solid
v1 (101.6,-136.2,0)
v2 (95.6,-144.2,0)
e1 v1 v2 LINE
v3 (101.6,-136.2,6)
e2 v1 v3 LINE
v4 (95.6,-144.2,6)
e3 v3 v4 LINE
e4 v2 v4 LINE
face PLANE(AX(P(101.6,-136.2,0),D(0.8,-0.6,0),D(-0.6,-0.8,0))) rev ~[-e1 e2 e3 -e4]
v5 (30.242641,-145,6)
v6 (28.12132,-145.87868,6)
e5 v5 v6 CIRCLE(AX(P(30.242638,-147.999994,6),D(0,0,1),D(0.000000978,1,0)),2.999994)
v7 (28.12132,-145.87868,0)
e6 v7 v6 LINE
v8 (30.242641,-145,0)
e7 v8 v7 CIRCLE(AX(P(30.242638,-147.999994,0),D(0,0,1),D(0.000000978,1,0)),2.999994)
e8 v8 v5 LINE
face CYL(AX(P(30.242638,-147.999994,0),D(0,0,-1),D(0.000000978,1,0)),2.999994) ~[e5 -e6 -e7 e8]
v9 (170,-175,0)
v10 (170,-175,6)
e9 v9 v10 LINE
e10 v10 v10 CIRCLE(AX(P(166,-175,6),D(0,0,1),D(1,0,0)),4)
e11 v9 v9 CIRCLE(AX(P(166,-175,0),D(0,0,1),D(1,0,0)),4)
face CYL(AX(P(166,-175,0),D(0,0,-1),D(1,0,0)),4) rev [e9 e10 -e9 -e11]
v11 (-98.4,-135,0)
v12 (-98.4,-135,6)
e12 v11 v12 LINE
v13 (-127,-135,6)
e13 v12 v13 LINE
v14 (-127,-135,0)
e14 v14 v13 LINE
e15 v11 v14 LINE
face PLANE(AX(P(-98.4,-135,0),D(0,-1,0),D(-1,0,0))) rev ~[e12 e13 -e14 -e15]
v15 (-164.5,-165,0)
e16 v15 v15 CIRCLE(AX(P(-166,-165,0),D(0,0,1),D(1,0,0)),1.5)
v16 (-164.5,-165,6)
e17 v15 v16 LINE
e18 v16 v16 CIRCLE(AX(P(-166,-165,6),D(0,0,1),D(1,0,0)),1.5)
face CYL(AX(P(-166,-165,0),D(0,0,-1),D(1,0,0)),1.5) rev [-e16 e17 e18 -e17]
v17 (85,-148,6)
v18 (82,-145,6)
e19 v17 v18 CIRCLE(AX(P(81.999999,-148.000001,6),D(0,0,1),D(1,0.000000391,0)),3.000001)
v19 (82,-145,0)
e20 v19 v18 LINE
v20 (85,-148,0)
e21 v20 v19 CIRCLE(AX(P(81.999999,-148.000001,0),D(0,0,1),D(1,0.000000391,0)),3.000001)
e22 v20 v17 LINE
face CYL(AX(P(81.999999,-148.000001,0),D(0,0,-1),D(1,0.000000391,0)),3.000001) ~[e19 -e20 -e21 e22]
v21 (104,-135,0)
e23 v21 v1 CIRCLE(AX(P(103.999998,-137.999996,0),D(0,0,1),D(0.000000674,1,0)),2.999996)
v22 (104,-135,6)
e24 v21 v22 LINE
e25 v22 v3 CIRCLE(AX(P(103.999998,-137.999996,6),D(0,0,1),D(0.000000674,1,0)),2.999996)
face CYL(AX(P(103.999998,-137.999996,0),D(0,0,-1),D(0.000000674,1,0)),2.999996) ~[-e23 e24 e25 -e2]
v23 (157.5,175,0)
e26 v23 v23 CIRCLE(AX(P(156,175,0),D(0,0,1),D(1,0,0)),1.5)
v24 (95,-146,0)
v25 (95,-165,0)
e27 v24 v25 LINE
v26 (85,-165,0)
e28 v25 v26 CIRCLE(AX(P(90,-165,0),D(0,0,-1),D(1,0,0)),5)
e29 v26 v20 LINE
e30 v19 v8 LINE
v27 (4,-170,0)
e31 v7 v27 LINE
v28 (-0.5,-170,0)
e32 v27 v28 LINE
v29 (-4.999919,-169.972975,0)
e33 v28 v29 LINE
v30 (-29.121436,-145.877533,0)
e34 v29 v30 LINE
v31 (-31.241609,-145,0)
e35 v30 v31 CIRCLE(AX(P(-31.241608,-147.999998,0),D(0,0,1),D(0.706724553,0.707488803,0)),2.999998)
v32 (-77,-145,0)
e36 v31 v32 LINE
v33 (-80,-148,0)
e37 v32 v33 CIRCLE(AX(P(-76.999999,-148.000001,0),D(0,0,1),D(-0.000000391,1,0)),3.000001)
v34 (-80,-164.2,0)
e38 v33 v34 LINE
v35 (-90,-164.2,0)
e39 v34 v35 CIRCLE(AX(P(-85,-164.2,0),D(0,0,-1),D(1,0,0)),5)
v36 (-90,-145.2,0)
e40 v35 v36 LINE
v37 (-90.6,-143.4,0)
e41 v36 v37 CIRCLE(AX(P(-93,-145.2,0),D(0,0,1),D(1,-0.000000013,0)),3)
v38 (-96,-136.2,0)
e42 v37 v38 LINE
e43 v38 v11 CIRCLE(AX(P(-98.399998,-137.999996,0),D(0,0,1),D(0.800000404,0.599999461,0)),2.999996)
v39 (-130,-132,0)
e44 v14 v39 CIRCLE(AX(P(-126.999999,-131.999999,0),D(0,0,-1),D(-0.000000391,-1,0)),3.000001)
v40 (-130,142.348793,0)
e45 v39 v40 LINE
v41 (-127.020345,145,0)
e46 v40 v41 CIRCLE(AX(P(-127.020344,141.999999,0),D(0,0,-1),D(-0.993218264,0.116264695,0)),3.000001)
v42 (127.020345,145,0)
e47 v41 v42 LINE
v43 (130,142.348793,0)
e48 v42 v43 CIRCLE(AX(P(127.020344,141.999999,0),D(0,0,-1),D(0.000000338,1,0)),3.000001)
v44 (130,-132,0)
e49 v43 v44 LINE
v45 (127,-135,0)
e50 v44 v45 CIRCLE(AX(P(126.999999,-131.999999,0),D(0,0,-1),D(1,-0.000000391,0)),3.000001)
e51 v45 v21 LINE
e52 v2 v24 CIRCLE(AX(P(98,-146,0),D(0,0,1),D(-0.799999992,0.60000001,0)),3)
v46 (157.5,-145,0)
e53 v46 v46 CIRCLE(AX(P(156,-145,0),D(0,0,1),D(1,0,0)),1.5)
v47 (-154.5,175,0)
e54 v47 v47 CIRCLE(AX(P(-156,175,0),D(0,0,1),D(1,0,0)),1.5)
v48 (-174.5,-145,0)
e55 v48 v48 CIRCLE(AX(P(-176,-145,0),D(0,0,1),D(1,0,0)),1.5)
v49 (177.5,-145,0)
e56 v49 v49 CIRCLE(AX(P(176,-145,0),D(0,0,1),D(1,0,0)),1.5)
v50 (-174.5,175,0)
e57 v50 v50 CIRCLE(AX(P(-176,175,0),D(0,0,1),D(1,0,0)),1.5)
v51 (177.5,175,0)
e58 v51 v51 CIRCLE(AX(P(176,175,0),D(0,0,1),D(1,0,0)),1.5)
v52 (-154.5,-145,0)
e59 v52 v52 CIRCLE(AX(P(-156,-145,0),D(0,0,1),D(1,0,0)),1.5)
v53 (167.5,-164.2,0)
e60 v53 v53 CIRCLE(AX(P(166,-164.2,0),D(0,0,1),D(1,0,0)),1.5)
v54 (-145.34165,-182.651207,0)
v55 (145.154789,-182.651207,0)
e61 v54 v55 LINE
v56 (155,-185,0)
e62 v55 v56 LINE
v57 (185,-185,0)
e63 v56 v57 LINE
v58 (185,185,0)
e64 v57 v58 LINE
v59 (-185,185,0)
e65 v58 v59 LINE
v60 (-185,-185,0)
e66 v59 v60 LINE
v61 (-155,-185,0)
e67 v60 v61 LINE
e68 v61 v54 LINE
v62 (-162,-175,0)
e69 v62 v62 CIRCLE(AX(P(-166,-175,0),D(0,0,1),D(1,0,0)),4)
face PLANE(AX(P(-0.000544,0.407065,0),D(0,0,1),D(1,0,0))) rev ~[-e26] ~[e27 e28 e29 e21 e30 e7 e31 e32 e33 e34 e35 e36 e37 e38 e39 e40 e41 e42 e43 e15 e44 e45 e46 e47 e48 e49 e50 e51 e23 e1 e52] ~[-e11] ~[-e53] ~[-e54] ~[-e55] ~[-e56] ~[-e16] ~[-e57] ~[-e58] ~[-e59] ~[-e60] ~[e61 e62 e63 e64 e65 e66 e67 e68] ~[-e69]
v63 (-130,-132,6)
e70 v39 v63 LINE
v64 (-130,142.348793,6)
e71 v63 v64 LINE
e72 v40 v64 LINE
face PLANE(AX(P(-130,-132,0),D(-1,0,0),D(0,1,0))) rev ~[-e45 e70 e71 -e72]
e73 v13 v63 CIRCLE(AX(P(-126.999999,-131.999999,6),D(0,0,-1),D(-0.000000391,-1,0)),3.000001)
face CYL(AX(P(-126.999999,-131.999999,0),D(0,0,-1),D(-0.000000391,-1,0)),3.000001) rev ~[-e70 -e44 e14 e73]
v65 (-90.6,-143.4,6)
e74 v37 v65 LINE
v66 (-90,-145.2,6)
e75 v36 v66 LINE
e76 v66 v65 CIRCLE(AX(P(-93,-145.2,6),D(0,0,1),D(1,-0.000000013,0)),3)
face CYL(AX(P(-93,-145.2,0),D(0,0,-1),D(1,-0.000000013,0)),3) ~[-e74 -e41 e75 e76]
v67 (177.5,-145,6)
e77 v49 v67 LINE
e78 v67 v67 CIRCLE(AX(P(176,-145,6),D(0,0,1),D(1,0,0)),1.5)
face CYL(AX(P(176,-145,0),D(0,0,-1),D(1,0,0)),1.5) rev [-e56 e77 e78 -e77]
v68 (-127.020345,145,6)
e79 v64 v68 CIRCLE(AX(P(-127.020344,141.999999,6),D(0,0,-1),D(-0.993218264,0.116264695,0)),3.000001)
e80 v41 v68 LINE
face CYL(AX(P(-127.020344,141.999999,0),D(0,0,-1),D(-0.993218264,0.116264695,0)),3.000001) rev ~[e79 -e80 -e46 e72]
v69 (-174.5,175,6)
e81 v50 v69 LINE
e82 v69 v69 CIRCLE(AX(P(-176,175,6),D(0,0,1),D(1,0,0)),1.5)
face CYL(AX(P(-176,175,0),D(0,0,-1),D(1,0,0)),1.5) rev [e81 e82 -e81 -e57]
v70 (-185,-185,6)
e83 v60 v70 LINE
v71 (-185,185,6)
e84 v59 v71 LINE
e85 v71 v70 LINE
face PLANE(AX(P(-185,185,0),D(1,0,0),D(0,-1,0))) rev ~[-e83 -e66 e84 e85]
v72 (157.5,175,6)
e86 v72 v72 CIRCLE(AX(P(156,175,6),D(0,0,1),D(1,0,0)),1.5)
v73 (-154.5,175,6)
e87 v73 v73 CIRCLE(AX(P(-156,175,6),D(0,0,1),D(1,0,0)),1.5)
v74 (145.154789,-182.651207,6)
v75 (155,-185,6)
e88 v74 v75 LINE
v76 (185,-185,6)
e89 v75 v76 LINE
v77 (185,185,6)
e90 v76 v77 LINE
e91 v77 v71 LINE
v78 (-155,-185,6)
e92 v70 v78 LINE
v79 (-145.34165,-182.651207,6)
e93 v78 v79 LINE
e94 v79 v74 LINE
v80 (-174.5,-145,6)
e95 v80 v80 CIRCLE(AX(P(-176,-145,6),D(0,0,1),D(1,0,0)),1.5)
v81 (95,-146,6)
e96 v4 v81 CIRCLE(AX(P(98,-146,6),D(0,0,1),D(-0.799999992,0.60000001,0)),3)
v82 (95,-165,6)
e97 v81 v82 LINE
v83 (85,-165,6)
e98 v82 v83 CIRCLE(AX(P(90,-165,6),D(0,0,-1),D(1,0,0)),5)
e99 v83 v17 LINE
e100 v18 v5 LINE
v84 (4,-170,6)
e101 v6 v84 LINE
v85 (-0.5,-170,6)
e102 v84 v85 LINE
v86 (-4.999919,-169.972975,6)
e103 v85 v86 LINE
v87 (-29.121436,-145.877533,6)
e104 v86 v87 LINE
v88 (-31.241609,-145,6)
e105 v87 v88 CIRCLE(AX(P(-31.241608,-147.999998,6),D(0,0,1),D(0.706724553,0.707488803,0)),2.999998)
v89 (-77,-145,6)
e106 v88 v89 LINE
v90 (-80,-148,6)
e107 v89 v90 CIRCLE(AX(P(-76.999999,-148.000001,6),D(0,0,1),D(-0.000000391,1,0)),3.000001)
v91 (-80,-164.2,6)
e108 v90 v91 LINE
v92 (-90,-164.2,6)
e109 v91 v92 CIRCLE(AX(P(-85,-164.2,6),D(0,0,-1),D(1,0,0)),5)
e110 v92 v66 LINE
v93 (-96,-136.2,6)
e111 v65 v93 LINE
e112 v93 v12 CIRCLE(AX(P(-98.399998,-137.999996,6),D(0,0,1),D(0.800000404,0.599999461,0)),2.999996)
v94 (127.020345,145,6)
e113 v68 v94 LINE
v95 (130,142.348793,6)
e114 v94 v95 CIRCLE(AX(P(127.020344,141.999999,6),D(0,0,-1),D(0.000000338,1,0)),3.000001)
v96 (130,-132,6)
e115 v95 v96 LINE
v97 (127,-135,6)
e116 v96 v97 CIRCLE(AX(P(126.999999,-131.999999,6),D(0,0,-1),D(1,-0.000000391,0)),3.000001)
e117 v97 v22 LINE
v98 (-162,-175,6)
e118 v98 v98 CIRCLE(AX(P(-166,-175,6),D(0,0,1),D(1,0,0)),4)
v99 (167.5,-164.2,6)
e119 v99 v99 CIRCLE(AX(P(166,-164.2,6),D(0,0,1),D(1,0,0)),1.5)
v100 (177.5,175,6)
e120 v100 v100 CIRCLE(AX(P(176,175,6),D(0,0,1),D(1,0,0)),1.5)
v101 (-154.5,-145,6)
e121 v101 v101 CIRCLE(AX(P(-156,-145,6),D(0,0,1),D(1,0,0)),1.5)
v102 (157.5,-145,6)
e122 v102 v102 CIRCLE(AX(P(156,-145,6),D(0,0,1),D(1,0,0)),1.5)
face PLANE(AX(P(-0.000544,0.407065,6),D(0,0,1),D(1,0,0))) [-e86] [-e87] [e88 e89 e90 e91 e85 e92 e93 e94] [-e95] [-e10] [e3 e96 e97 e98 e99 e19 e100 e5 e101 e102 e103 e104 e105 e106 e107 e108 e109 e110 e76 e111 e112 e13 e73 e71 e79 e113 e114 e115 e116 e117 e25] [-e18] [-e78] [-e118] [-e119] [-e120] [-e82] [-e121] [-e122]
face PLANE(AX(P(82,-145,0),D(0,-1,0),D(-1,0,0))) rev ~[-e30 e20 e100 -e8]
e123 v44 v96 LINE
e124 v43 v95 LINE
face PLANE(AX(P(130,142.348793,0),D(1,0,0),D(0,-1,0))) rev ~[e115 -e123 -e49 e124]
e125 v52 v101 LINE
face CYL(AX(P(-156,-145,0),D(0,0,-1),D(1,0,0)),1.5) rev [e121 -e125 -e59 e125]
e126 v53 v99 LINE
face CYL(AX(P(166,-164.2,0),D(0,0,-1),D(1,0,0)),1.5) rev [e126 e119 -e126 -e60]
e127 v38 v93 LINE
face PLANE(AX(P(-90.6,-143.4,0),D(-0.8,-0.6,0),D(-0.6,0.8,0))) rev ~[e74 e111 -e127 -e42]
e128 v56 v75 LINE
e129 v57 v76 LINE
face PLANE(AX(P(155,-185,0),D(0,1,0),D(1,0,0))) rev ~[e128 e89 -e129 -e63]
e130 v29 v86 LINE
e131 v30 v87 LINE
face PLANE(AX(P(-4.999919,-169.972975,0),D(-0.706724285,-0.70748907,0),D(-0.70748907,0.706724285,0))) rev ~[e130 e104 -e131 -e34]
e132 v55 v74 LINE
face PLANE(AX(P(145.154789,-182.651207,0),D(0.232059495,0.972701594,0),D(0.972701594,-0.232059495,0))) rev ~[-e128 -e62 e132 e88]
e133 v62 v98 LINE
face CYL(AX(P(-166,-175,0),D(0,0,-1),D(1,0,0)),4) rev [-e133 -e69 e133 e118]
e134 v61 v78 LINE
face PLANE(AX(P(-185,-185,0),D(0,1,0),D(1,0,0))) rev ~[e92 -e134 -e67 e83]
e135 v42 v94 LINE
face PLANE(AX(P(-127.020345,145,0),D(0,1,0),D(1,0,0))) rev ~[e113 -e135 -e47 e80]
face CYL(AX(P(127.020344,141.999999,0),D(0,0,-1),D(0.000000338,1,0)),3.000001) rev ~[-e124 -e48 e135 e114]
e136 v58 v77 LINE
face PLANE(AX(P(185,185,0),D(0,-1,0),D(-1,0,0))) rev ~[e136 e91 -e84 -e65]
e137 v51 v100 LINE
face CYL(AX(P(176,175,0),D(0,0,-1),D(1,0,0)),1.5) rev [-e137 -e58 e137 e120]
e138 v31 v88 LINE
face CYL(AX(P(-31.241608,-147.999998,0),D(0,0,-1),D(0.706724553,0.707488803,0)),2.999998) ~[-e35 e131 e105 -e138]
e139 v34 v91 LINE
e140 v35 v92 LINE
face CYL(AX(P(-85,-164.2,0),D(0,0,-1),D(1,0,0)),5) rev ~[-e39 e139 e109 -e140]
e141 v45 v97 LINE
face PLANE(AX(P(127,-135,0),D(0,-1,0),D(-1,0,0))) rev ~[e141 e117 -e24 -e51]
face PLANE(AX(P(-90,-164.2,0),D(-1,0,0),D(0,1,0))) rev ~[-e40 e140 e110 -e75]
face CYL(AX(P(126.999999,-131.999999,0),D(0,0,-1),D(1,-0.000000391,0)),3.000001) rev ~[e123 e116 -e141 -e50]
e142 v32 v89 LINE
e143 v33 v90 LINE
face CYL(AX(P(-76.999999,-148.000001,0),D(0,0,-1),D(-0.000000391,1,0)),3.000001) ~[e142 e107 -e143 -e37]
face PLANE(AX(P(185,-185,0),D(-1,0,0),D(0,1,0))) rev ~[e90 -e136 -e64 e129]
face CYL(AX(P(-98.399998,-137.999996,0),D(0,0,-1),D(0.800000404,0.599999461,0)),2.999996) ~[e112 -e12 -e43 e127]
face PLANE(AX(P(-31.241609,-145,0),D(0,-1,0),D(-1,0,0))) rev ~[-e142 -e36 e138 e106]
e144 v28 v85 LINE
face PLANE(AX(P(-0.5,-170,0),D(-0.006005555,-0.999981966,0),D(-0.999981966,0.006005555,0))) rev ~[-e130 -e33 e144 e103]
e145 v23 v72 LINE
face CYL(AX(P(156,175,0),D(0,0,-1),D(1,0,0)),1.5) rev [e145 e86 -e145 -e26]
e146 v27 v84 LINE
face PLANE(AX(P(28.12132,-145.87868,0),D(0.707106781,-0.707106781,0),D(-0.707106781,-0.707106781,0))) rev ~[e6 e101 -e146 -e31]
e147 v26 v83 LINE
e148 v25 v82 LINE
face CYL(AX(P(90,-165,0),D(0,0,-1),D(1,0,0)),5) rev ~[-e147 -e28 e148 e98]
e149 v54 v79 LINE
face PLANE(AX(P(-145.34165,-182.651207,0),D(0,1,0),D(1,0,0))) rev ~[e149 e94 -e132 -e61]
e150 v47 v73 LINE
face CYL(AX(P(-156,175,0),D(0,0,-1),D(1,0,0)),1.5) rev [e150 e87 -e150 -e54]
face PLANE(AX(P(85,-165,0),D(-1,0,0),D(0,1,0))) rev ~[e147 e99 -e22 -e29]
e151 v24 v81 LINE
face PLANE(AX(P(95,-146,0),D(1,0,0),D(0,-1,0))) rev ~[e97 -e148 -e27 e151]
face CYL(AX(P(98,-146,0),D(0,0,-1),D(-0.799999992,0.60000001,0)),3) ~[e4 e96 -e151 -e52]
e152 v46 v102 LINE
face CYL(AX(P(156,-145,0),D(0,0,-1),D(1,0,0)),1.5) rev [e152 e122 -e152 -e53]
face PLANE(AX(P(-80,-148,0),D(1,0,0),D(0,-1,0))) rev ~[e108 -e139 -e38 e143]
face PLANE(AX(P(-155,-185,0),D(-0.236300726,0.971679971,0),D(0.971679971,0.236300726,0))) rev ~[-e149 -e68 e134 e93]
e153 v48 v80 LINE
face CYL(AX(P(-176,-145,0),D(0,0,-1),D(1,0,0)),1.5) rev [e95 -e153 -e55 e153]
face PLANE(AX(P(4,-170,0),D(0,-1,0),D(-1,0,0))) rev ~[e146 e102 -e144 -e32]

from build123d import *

# Parameters (mm, degrees)
F0_R     = 4
F0_R_2   = 1.5
F1_DEPTH = 6


with BuildPart() as f1:
    # F0 (on Top) → F1 (new body)
    with BuildSketch(Plane.XY):
        Polygon((185, 185), (-185, 185), (-185, -185), (-155, -185), (-145.34165, -182.651207), (145.154789, -182.651207), (155, -185), (185, -185), align=None)
        with Locations((-166, -175)):
            Circle(F0_R, mode=Mode.SUBTRACT)
        with Locations((-166, -165)):
            Circle(F0_R_2, mode=Mode.SUBTRACT)
        with Locations((-176, -145)):
            Circle(F0_R_2, mode=Mode.SUBTRACT)
        with Locations((-156, -145)):
            Circle(F0_R_2, mode=Mode.SUBTRACT)
        with Locations((166, -175)):
            Circle(F0_R, mode=Mode.SUBTRACT)
        with Locations((166, -164.2)):
            Circle(F0_R_2, mode=Mode.SUBTRACT)
        with Locations((156, -145)):
            Circle(F0_R_2, mode=Mode.SUBTRACT)
        with Locations((176, -145)):
            Circle(F0_R_2, mode=Mode.SUBTRACT)
        with BuildLine():
            ThreePointArc((-130, 142.348793), (-129.014539, 144.241247), (-127.020345, 145))
            Line((-127.020345, 145), (127.020345, 145))
            ThreePointArc((127.020345, 145), (129.014539, 144.241247), (130, 142.348793))
            Line((130, 142.348793), (130, -132))
            ThreePointArc((130, -132), (129.12132, -134.12132), (127, -135))
            Line((127, -135), (104, -135))
            ThreePointArc((104, -135), (102.658359, -135.316718), (101.6, -136.2))
            Line((101.6, -136.2), (95.6, -144.2))
            ThreePointArc((95.6, -144.2), (95.15395, -145.051317), (95, -146))
            Line((95, -146), (95, -165))
            ThreePointArc((95, -165), (90, -170), (85, -165))
            Line((85, -165), (85, -148))
            ThreePointArc((85, -148), (84.12132, -145.87868), (82, -145))
            Line((82, -145), (30.242641, -145))
            ThreePointArc((30.242641, -145), (29.09459, -145.228361), (28.12132, -145.87868))
            Line((28.12132, -145.87868), (4, -170))
            Line((4, -170), (-0.5, -170))
            Line((-0.5, -170), (-4.999919, -169.972975))
            Line((-4.999919, -169.972975), (-29.121436, -145.877533))
            ThreePointArc((-29.121436, -145.877533), (-30.094308, -145.228051), (-31.241609, -145))
            Line((-31.241609, -145), (-77, -145))
            ThreePointArc((-77, -145), (-79.12132, -145.87868), (-80, -148))
            Line((-80, -148), (-80, -164.2))
            ThreePointArc((-80, -164.2), (-85, -169.2), (-90, -164.2))
            Line((-90, -164.2), (-90, -145.2))
            ThreePointArc((-90, -145.2), (-90.15395, -144.251317), (-90.6, -143.4))
            Line((-90.6, -143.4), (-96, -136.2))
            ThreePointArc((-96, -136.2), (-97.058359, -135.316718), (-98.4, -135))
            Line((-98.4, -135), (-127, -135))
            ThreePointArc((-127, -135), (-129.12132, -134.12132), (-130, -132))
            Line((-130, -132), (-130, 142.348793))
        make_face(mode=Mode.SUBTRACT)
        with Locations((-176, 175)):
            Circle(F0_R_2, mode=Mode.SUBTRACT)
        with Locations((-156, 175)):
            Circle(F0_R_2, mode=Mode.SUBTRACT)
        with Locations((156, 175)):
            Circle(F0_R_2, mode=Mode.SUBTRACT)
        with Locations((176, 175)):
            Circle(F0_R_2, mode=Mode.SUBTRACT)
    extrude(amount=F1_DEPTH)


solid = f1.part
